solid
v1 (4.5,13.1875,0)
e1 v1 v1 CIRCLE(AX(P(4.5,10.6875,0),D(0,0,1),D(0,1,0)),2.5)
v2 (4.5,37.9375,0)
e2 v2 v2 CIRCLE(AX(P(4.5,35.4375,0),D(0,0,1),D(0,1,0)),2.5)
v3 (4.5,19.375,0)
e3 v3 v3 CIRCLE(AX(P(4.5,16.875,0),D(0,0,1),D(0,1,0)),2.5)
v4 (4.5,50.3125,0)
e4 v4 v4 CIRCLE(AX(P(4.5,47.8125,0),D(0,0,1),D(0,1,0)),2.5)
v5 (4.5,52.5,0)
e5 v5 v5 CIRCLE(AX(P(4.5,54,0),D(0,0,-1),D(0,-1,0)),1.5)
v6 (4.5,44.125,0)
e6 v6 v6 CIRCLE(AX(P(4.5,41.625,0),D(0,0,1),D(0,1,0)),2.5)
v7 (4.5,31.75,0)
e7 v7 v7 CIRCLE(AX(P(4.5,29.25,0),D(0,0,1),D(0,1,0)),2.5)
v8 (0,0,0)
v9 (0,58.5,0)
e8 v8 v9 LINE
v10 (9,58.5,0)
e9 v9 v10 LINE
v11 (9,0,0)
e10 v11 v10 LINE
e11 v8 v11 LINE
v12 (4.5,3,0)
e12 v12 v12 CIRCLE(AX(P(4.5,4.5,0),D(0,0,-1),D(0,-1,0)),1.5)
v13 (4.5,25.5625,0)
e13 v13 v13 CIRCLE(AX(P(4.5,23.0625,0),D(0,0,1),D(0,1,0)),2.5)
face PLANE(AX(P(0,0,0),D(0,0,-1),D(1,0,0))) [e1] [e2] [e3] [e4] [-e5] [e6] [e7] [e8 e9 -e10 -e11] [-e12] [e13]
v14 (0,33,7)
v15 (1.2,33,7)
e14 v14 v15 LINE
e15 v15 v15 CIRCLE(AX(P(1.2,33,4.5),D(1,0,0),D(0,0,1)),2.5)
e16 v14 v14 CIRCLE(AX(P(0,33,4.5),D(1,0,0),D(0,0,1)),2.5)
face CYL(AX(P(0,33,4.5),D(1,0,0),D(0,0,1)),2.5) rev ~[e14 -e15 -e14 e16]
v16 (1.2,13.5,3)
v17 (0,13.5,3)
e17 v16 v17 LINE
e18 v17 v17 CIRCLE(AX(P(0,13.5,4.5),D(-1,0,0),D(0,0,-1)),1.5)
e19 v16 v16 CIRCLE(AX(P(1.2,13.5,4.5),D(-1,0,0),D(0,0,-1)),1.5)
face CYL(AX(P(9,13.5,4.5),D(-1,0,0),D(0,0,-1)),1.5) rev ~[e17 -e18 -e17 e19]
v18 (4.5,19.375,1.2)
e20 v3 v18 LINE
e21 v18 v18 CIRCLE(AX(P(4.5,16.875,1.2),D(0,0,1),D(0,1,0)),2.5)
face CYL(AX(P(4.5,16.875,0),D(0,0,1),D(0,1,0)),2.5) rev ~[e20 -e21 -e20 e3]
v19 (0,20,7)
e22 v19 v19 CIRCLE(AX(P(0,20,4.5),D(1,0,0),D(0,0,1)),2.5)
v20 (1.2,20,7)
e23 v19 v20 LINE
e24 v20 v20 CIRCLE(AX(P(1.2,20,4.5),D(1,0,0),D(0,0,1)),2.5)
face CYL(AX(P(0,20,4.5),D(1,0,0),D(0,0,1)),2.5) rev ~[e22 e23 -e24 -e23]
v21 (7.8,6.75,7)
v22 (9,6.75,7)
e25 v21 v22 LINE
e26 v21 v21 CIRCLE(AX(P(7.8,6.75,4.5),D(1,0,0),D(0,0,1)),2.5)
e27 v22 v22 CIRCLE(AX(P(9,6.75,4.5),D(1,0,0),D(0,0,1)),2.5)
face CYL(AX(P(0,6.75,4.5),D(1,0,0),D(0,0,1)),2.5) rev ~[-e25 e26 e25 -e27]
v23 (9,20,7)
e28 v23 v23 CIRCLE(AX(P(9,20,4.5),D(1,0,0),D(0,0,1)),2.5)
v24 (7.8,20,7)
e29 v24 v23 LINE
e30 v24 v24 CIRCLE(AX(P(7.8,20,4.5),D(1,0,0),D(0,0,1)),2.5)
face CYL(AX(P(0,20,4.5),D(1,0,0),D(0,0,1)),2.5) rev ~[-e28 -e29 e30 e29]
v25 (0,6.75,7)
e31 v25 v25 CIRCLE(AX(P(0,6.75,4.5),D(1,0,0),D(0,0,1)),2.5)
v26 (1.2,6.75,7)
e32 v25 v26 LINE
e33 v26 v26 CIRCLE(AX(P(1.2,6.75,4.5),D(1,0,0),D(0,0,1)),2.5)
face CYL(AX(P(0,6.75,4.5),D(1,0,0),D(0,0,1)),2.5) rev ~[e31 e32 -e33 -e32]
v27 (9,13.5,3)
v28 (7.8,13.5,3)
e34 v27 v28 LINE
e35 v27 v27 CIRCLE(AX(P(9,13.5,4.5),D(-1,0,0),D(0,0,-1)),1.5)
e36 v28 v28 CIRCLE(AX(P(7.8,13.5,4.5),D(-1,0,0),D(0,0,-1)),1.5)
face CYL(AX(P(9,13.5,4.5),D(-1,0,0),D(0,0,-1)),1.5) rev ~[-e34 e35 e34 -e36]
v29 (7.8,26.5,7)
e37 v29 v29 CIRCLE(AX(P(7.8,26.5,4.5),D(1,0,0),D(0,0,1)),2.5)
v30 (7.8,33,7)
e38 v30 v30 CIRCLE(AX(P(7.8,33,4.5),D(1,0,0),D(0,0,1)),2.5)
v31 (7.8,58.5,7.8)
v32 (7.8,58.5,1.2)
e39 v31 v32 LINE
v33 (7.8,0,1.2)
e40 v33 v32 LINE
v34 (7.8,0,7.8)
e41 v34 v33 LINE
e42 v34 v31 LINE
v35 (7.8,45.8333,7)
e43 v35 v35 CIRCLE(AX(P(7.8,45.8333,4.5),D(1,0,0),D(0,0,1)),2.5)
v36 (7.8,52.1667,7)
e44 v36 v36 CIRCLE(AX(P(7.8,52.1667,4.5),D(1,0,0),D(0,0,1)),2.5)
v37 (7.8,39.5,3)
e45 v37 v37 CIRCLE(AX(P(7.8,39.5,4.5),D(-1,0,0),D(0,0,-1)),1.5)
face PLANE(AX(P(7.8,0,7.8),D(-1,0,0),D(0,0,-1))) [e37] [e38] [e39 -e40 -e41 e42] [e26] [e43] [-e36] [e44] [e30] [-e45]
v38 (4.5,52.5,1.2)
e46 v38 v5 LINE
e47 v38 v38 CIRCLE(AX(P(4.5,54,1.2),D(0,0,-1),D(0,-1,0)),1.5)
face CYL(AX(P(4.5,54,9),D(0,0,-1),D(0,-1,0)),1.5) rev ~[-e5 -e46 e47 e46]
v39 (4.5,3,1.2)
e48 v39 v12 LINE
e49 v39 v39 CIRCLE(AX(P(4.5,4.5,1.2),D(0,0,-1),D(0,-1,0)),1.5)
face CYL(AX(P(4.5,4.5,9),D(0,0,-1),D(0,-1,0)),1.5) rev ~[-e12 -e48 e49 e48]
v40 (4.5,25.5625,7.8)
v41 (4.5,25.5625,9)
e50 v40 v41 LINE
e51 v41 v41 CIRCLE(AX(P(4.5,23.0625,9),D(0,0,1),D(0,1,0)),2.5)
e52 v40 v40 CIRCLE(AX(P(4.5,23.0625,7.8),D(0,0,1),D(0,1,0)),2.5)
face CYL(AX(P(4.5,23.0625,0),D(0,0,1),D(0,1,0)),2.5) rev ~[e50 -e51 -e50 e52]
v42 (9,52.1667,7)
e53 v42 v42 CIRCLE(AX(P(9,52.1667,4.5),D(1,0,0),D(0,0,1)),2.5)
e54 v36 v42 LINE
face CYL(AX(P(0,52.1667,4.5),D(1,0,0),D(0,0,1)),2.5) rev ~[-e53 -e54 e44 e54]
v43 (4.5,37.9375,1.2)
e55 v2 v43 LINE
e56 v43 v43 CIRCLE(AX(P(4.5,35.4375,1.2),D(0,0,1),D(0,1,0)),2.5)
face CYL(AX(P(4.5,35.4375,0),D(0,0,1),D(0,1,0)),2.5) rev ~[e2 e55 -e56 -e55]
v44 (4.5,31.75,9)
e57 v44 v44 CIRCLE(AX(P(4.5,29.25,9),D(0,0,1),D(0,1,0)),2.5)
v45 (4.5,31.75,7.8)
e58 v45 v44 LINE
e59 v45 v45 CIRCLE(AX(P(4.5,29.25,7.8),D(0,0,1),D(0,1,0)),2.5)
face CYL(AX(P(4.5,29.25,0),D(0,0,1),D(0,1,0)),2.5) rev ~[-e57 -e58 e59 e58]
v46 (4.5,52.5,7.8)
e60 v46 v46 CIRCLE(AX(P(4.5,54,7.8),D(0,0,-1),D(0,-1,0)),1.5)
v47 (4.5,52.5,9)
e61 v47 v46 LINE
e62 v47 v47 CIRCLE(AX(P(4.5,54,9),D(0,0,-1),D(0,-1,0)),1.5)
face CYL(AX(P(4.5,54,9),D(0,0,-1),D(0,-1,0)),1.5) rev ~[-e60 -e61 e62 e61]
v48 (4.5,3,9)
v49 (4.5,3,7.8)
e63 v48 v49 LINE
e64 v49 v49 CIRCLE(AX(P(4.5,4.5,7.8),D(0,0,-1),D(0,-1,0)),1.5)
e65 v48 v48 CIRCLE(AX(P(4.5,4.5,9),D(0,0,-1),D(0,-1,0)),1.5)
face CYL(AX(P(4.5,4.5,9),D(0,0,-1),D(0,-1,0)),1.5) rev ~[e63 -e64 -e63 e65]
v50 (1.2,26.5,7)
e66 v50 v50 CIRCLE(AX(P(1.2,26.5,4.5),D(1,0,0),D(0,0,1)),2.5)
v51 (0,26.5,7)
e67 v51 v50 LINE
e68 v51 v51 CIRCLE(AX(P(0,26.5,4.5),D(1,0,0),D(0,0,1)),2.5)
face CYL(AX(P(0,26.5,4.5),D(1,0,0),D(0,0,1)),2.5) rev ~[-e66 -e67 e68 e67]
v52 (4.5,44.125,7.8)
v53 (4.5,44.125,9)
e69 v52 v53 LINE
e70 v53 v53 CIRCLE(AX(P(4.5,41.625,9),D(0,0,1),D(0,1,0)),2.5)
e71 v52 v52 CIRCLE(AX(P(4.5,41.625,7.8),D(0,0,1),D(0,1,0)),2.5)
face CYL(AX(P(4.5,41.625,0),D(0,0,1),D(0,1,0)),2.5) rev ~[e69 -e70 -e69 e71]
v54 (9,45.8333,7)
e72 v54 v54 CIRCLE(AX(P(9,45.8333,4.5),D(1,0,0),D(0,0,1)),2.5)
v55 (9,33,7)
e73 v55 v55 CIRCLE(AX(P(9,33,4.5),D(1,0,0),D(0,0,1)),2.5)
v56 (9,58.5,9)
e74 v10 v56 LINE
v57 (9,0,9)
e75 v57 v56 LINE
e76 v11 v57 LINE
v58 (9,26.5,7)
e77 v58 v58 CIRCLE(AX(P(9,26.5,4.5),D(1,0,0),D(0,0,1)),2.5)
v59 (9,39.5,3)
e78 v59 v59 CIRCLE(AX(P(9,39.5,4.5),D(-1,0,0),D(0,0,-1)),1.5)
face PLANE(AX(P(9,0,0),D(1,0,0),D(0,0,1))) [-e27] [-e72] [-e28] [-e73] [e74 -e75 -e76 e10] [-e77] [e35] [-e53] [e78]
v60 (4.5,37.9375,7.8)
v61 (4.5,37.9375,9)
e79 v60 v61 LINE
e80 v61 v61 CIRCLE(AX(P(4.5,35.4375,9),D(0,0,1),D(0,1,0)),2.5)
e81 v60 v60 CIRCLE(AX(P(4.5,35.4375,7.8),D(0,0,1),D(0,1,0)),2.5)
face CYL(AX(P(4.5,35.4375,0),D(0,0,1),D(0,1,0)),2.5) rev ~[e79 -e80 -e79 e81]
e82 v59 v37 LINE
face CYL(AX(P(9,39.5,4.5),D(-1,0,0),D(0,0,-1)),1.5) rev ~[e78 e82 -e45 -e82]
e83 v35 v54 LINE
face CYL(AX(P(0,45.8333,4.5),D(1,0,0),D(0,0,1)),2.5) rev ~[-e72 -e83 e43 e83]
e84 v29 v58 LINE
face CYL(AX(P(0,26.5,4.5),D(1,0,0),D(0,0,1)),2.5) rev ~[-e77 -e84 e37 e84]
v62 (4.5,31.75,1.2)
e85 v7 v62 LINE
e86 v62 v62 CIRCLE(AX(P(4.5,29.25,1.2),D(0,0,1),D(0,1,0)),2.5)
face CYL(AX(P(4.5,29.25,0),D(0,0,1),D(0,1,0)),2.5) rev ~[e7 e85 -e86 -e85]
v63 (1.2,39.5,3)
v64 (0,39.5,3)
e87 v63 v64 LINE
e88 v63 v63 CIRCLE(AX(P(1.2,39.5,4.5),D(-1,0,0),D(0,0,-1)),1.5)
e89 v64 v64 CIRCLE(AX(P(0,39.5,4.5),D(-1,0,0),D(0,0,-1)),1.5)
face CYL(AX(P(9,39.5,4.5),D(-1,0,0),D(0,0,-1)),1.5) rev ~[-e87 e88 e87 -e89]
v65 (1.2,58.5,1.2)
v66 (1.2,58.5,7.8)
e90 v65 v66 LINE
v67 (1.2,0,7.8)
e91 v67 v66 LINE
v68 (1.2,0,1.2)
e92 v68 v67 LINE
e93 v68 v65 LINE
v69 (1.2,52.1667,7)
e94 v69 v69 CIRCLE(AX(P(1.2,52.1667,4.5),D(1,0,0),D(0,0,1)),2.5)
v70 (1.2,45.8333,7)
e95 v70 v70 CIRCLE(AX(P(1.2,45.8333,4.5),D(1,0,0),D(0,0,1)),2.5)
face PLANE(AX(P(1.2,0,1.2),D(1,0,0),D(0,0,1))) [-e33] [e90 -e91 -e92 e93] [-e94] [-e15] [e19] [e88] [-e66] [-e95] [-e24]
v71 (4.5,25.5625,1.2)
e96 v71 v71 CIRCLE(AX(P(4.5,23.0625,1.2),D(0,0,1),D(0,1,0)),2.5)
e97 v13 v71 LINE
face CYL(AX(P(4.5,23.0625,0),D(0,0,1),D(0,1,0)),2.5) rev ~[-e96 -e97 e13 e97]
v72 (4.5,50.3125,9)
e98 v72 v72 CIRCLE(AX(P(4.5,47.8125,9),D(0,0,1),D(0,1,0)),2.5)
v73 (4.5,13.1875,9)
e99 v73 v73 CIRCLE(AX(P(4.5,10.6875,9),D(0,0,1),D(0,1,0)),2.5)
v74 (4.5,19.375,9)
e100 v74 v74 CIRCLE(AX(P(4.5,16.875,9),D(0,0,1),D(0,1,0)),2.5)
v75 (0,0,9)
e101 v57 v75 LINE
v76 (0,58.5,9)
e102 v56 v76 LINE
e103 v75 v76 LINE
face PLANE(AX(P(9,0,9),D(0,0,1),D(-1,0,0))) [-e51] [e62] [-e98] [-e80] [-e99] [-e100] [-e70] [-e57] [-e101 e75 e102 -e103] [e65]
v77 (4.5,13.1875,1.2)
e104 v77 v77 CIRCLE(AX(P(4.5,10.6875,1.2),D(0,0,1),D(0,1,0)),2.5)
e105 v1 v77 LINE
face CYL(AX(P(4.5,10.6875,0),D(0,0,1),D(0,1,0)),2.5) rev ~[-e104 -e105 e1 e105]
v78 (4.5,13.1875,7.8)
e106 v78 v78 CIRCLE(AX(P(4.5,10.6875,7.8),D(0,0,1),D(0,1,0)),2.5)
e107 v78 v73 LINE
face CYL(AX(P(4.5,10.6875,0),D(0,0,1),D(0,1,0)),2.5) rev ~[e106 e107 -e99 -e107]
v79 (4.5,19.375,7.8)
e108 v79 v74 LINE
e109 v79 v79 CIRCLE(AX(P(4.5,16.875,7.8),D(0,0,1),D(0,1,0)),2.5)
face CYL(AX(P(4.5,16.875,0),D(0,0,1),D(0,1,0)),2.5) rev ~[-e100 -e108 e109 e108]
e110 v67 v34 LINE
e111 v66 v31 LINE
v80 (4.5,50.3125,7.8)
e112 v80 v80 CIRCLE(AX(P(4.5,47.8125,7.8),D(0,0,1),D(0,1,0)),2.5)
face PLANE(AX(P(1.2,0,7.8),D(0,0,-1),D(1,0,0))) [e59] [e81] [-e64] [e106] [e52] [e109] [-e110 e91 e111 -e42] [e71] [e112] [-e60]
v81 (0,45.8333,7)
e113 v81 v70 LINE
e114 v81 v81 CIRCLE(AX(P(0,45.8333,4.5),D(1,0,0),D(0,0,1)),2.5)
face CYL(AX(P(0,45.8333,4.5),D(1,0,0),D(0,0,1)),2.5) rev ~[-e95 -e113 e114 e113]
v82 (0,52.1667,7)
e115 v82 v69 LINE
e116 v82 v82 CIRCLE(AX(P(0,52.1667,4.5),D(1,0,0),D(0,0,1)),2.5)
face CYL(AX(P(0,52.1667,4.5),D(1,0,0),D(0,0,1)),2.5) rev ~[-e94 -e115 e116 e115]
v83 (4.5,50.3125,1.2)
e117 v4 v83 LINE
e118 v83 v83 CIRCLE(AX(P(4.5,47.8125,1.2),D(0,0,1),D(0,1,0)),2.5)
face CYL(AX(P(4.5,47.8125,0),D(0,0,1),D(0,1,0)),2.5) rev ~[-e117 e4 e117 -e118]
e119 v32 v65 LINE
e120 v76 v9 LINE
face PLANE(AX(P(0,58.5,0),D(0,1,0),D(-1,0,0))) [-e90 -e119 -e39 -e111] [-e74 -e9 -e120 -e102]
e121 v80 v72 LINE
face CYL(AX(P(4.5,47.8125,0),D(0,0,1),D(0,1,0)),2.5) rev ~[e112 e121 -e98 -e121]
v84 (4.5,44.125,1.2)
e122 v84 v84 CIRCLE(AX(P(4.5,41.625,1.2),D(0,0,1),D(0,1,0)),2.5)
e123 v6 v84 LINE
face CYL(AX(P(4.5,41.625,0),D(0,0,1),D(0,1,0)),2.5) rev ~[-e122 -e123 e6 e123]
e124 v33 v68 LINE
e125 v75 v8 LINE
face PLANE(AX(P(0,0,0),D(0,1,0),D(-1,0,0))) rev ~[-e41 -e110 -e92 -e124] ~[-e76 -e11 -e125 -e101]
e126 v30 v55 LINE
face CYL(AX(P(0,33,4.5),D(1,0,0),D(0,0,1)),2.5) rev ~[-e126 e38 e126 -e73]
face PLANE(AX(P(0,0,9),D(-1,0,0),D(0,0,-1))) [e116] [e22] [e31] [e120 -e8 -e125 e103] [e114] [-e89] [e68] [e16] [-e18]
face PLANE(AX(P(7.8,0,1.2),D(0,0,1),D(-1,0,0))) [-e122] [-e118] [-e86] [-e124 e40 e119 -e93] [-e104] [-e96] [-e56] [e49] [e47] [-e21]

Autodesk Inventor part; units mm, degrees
ref_plane "YZ Plane" through (0, 0, 0) normal (1, 0, 0) x (0, 1, 0)
ref_plane "XZ Plane" through (0, 0, 0) normal (0, 1, 0) x (-1, 0, 0)
ref_plane "XY Plane" through (0, 0, 0) normal (0, 0, 1) x (1, 0, 0)
sketch "スケッチ1" plane through (0, 0, 0) normal (0, 1, 0) x (-1, 0, 0)
  line L0 (0, 0) -> (-9, 0)
  line L1 (-9, 0) -> (-9, 9)
  line L2 (-9, 9) -> (0, 9)
  line L3 (0, 9) -> (0, 0)
  line L4 (-1.2, 7.8) -> (-7.8, 7.8)
  line L5 (-7.8, 7.8) -> (-7.8, 1.2)
  line L6 (-7.8, 1.2) -> (-1.2, 1.2)
  line L7 (-1.2, 1.2) -> (-1.2, 7.8)
  dimension "d0" = 9
  dimension "d1" = 9
  dimension "d2" = 6.6
  dimension "d3" = 6.6
  dimension "d4" = 1.2
  dimension "d5" = 1.2
extrude "押し出し1" add sketch "スケッチ1" along normal blind 58.5
sketch "スケッチ2" plane through (0, 0, 9) normal (0, 0, 1) x (1, 0, 0)
  line L0 (0, 58.5) -> (9, 58.5) projected
  line L1 (9, 0) -> (9, 58.5) projected
  line L2 (0, 0) -> (9, 0) projected
  point P0 (4.5, 4.5)
  point P1 (4.5, 54)
  dimension "d8" = 4.5
  dimension "d9" = 4.5
  dimension "d10" = 4.5
  dimension "d11" = 4.5
hole "穴1" at (4.5, 4.5, 9) at (4.5, 54, 9) direction (0, 0, -1) diameter 3 end through all
sketch "スケッチ3" plane through (9, 0, 9) normal (1, 0, 0) x (0, 0, -1)
  line L0 (0, 0) -> (9, 0) projected
  line L1 (0, 0) -> (0, 58.5) projected
  line L2 (0, 58.5) -> (9, 58.5) projected
  point P0 (4.5, 13.5)
  point P1 (4.5, 39.5)
  dimension "d19" = 13.5
  dimension "d20" = 4.5
  dimension "d21" = 19
  dimension "d22" = 4.5
hole "穴2" at (9, 13.5, 4.5) at (9, 39.5, 4.5) direction (-1, 0, 0) diameter 3 end through all
sketch "スケッチ4" plane through (0, 0, 0) normal (-1, 0, 0) x (0, 0, 1)
  line L0 (9, 0) -> (0, 0) projected
  line L1 (4.5, 0) -> (4.5, 58.5)
  line L2 (1.2, 58.5) -> (7.8, 58.5) projected
  line L3 (0, 0) -> (0, 58.5) projected
  circle A0 centre (4.5, 13.5) radius 1.5 projected
  circle A1 centre (4.5, 39.5) radius 1.5 projected
  point P0 (4.5, 6.75)
  point P1 (4.5, 20)
  point P2 (4.5, 33)
  point P3 (4.5, 45.8333)
  point P4 (4.5, 52.1667)
  point P5 (4.5, 26.5)
  dimension "d30" = 4.5
  dimension "d31" = 13.5
  dimension "d32" = 6.75
  dimension "d33" = 26
  dimension "d34" = 6.5
  dimension "d35" = 6.5
  dimension "d36" = 6.5
  dimension "d37" = 19
  dimension "d38" = 6.3333
  dimension "d39" = 6.3333
hole "穴3" at (0, 6.75, 4.5) at (0, 20, 4.5) at (0, 33, 4.5) at (0, 45.8333, 4.5) at (0, 52.1667, 4.5) at (0, 26.5, 4.5) direction (1, 0, 0) diameter 5 end through all
sketch "スケッチ5" plane through (9, 0, 0) normal (0, 0, -1) x (-1, 0, 0)
  circle A0 centre (4.5, 4.5) radius 1.5 projected
  circle A1 centre (4.5, 54) radius 1.5 projected
  line L0 (4.5, 4.5) -> (4.5, 54)
  point P0 (9, 0)
  point P1 (4.5, 10.6875)
  point P2 (4.5, 16.875)
  point P3 (4.5, 23.0625)
  point P4 (4.5, 29.25)
  point P5 (4.5, 35.4375)
  point P6 (4.5, 41.625)
  point P7 (4.5, 47.8125)
  dimension "d47" = 49.5
  dimension "d48" = 6.1875
  dimension "d51" = 6.1875
hole "穴4" at (4.5, 10.6875, 0) at (4.5, 16.875, 0) at (4.5, 23.0625, 0) at (4.5, 29.25, 0) at (4.5, 35.4375, 0) at (4.5, 41.625, 0) at (4.5, 47.8125, 0) direction (0, 0, 1) diameter 5 end through all
equation "\"d5\" = d4"
equation "\"d9\" = d8"
equation "\"d11\" = d10"
equation "\"d32\" = 0.5 * d31"
equation "\"d34\" = 0.25 * d33"
equation "\"d35\" = d34"
equation "\"d36\" = d35"
equation "\"d38\" = 0.333333 * d37"
equation "\"d39\" = d38"
equation "\"d48\" = 0.125 * d47"
properties part number "上下直動9x9_4" material "アルミニウム 6061"
